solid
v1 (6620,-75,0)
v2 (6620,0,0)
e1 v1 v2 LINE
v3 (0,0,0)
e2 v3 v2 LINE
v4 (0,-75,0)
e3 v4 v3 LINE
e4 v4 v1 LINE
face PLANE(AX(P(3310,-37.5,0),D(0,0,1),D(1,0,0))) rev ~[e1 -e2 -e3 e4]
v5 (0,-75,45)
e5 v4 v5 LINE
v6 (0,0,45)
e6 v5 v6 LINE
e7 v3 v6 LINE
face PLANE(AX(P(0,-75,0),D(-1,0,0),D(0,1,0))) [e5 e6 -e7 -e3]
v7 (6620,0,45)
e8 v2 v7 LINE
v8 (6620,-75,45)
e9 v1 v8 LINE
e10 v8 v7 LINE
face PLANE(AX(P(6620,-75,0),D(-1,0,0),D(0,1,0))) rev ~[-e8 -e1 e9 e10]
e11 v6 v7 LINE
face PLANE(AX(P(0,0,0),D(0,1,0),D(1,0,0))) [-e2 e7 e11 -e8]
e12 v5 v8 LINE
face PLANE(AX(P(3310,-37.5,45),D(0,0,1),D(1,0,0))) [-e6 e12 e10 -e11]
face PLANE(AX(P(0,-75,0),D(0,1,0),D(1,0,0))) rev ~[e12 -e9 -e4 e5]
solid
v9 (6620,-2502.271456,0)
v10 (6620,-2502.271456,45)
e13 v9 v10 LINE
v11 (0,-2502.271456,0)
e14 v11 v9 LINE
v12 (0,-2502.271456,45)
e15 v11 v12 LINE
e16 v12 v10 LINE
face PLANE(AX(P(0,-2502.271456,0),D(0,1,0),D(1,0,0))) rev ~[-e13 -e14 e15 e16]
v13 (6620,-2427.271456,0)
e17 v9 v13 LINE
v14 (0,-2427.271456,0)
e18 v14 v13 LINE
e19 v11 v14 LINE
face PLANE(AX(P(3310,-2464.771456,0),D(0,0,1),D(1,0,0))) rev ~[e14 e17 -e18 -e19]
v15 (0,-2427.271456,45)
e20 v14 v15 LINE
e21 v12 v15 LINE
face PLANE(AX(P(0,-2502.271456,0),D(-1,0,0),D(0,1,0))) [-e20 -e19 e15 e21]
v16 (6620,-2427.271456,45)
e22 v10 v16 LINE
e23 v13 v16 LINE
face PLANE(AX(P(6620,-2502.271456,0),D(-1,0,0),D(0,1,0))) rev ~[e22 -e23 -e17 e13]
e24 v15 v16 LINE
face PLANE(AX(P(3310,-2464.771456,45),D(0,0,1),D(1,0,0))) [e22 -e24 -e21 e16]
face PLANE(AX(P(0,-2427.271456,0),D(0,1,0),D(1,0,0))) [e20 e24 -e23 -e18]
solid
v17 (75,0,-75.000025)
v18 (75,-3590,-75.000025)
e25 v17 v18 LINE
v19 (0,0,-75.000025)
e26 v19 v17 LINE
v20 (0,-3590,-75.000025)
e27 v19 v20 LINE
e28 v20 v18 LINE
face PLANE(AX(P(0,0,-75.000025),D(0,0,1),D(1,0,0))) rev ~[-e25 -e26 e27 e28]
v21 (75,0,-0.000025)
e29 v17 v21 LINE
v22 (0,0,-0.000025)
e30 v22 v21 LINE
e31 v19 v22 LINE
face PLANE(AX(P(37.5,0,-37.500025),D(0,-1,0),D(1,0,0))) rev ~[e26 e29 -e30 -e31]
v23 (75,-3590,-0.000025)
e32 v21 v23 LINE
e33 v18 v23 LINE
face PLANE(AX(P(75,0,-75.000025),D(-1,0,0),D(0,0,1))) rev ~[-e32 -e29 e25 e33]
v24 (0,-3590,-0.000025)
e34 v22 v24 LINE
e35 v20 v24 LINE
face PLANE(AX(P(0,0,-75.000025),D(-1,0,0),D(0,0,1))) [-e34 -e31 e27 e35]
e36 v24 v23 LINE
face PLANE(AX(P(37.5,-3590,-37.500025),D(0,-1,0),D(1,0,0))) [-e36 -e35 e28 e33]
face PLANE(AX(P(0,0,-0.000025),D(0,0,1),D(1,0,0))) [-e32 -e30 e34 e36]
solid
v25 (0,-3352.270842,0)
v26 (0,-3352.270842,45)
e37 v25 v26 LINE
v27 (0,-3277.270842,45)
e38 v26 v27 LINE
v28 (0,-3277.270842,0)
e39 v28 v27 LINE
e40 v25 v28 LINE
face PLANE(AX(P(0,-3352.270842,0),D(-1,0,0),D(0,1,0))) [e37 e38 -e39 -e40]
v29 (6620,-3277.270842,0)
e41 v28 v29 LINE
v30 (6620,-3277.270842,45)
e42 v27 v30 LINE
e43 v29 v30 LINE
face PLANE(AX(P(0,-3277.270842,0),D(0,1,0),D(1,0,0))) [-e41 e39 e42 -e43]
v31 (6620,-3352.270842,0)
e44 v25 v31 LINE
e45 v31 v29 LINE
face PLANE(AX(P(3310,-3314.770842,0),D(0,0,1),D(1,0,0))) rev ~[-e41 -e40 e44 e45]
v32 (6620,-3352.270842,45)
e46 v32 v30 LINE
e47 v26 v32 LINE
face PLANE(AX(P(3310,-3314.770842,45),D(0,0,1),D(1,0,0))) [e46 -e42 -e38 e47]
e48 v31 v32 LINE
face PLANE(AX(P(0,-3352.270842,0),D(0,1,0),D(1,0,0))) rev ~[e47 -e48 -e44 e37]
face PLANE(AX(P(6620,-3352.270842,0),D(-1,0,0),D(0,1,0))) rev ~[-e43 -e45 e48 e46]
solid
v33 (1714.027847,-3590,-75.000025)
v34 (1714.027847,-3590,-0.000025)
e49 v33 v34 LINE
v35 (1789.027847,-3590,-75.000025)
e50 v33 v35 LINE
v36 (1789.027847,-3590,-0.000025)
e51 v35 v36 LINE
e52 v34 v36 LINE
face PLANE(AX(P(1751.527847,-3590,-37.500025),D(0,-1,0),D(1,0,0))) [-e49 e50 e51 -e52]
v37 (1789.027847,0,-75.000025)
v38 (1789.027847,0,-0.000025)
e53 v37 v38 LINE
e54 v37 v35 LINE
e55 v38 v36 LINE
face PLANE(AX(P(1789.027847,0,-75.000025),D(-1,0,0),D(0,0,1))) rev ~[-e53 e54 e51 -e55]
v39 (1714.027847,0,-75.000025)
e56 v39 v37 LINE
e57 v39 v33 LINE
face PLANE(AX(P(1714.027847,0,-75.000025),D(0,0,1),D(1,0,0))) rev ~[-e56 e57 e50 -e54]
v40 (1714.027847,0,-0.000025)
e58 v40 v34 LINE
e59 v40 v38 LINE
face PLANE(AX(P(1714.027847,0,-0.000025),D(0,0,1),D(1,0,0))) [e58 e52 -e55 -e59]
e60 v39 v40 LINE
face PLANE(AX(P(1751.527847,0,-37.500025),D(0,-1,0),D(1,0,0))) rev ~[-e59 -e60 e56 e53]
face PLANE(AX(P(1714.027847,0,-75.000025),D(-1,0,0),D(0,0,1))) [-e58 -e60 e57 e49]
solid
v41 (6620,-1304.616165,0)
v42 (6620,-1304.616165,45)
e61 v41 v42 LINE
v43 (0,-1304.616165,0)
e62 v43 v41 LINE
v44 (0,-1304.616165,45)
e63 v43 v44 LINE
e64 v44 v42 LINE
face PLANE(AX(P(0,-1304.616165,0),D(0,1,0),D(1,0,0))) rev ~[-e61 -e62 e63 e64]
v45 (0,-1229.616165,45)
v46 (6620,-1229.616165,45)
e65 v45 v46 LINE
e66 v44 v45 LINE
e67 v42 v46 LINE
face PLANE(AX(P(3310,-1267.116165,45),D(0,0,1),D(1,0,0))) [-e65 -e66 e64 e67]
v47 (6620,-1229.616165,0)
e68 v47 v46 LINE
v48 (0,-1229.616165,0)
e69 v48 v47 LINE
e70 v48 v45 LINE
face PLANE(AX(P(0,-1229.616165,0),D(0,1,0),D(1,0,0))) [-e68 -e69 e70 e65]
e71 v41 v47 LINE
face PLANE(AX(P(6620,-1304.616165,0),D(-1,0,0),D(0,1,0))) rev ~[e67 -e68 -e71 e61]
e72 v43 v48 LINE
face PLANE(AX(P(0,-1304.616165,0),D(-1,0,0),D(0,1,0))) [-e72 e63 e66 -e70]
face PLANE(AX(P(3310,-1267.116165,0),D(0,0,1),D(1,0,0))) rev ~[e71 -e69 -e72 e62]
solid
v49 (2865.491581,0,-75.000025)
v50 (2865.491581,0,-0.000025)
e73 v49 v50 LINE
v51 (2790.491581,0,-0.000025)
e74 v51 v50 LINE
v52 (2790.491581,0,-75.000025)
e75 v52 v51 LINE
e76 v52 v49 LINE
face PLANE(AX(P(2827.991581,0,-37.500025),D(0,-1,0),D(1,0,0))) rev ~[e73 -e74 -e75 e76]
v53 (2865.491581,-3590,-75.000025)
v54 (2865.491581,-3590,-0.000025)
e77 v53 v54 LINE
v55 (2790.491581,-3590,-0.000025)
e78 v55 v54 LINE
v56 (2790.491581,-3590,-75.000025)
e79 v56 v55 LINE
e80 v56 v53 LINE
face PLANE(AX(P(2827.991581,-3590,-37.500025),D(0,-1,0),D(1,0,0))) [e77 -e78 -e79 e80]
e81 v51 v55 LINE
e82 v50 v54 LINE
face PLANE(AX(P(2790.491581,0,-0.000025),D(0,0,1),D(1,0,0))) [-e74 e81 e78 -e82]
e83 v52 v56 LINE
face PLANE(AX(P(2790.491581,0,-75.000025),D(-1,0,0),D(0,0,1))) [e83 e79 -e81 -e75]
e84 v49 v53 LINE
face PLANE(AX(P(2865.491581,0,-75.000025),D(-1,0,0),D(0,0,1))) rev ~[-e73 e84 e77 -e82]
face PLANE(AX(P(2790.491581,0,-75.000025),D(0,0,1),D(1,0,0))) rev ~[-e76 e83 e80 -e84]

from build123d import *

# Parameters (mm, degrees)
F0_W     = 75
F0_H     = 75
F2_DEPTH = 3590
F1_W     = 6620
F1_H     = 75
F3_DEPTH = 45


with BuildPart() as f2:
    # F0 (on Front) → F2 (new body)
    with BuildSketch(Plane.XZ):
        with Locations((37.5, -37.500025)):
            Rectangle(F0_W, F0_H)
        with Locations((2827.991581, -37.500025)):
            Rectangle(F0_W, F0_H)
        with Locations((1751.527847, -37.500025)):
            Rectangle(F0_W, F0_H)
    extrude(amount=F2_DEPTH)


with BuildPart() as f3:
    # F1 (on Top) → F3 (new body)
    with BuildSketch(Plane.XY):
        with Locations((3310, -37.5)):
            Rectangle(F1_W, F1_H)
        with Locations((3310, -2464.771456)):
            Rectangle(F1_W, F1_H)
        with Locations((3310, -1267.116165)):
            Rectangle(F1_W, F1_H)
        with Locations((3310, -3314.770842)):
            Rectangle(F1_W, F1_H)
    extrude(amount=F3_DEPTH)


solid = Compound([f2.part, f3.part])
